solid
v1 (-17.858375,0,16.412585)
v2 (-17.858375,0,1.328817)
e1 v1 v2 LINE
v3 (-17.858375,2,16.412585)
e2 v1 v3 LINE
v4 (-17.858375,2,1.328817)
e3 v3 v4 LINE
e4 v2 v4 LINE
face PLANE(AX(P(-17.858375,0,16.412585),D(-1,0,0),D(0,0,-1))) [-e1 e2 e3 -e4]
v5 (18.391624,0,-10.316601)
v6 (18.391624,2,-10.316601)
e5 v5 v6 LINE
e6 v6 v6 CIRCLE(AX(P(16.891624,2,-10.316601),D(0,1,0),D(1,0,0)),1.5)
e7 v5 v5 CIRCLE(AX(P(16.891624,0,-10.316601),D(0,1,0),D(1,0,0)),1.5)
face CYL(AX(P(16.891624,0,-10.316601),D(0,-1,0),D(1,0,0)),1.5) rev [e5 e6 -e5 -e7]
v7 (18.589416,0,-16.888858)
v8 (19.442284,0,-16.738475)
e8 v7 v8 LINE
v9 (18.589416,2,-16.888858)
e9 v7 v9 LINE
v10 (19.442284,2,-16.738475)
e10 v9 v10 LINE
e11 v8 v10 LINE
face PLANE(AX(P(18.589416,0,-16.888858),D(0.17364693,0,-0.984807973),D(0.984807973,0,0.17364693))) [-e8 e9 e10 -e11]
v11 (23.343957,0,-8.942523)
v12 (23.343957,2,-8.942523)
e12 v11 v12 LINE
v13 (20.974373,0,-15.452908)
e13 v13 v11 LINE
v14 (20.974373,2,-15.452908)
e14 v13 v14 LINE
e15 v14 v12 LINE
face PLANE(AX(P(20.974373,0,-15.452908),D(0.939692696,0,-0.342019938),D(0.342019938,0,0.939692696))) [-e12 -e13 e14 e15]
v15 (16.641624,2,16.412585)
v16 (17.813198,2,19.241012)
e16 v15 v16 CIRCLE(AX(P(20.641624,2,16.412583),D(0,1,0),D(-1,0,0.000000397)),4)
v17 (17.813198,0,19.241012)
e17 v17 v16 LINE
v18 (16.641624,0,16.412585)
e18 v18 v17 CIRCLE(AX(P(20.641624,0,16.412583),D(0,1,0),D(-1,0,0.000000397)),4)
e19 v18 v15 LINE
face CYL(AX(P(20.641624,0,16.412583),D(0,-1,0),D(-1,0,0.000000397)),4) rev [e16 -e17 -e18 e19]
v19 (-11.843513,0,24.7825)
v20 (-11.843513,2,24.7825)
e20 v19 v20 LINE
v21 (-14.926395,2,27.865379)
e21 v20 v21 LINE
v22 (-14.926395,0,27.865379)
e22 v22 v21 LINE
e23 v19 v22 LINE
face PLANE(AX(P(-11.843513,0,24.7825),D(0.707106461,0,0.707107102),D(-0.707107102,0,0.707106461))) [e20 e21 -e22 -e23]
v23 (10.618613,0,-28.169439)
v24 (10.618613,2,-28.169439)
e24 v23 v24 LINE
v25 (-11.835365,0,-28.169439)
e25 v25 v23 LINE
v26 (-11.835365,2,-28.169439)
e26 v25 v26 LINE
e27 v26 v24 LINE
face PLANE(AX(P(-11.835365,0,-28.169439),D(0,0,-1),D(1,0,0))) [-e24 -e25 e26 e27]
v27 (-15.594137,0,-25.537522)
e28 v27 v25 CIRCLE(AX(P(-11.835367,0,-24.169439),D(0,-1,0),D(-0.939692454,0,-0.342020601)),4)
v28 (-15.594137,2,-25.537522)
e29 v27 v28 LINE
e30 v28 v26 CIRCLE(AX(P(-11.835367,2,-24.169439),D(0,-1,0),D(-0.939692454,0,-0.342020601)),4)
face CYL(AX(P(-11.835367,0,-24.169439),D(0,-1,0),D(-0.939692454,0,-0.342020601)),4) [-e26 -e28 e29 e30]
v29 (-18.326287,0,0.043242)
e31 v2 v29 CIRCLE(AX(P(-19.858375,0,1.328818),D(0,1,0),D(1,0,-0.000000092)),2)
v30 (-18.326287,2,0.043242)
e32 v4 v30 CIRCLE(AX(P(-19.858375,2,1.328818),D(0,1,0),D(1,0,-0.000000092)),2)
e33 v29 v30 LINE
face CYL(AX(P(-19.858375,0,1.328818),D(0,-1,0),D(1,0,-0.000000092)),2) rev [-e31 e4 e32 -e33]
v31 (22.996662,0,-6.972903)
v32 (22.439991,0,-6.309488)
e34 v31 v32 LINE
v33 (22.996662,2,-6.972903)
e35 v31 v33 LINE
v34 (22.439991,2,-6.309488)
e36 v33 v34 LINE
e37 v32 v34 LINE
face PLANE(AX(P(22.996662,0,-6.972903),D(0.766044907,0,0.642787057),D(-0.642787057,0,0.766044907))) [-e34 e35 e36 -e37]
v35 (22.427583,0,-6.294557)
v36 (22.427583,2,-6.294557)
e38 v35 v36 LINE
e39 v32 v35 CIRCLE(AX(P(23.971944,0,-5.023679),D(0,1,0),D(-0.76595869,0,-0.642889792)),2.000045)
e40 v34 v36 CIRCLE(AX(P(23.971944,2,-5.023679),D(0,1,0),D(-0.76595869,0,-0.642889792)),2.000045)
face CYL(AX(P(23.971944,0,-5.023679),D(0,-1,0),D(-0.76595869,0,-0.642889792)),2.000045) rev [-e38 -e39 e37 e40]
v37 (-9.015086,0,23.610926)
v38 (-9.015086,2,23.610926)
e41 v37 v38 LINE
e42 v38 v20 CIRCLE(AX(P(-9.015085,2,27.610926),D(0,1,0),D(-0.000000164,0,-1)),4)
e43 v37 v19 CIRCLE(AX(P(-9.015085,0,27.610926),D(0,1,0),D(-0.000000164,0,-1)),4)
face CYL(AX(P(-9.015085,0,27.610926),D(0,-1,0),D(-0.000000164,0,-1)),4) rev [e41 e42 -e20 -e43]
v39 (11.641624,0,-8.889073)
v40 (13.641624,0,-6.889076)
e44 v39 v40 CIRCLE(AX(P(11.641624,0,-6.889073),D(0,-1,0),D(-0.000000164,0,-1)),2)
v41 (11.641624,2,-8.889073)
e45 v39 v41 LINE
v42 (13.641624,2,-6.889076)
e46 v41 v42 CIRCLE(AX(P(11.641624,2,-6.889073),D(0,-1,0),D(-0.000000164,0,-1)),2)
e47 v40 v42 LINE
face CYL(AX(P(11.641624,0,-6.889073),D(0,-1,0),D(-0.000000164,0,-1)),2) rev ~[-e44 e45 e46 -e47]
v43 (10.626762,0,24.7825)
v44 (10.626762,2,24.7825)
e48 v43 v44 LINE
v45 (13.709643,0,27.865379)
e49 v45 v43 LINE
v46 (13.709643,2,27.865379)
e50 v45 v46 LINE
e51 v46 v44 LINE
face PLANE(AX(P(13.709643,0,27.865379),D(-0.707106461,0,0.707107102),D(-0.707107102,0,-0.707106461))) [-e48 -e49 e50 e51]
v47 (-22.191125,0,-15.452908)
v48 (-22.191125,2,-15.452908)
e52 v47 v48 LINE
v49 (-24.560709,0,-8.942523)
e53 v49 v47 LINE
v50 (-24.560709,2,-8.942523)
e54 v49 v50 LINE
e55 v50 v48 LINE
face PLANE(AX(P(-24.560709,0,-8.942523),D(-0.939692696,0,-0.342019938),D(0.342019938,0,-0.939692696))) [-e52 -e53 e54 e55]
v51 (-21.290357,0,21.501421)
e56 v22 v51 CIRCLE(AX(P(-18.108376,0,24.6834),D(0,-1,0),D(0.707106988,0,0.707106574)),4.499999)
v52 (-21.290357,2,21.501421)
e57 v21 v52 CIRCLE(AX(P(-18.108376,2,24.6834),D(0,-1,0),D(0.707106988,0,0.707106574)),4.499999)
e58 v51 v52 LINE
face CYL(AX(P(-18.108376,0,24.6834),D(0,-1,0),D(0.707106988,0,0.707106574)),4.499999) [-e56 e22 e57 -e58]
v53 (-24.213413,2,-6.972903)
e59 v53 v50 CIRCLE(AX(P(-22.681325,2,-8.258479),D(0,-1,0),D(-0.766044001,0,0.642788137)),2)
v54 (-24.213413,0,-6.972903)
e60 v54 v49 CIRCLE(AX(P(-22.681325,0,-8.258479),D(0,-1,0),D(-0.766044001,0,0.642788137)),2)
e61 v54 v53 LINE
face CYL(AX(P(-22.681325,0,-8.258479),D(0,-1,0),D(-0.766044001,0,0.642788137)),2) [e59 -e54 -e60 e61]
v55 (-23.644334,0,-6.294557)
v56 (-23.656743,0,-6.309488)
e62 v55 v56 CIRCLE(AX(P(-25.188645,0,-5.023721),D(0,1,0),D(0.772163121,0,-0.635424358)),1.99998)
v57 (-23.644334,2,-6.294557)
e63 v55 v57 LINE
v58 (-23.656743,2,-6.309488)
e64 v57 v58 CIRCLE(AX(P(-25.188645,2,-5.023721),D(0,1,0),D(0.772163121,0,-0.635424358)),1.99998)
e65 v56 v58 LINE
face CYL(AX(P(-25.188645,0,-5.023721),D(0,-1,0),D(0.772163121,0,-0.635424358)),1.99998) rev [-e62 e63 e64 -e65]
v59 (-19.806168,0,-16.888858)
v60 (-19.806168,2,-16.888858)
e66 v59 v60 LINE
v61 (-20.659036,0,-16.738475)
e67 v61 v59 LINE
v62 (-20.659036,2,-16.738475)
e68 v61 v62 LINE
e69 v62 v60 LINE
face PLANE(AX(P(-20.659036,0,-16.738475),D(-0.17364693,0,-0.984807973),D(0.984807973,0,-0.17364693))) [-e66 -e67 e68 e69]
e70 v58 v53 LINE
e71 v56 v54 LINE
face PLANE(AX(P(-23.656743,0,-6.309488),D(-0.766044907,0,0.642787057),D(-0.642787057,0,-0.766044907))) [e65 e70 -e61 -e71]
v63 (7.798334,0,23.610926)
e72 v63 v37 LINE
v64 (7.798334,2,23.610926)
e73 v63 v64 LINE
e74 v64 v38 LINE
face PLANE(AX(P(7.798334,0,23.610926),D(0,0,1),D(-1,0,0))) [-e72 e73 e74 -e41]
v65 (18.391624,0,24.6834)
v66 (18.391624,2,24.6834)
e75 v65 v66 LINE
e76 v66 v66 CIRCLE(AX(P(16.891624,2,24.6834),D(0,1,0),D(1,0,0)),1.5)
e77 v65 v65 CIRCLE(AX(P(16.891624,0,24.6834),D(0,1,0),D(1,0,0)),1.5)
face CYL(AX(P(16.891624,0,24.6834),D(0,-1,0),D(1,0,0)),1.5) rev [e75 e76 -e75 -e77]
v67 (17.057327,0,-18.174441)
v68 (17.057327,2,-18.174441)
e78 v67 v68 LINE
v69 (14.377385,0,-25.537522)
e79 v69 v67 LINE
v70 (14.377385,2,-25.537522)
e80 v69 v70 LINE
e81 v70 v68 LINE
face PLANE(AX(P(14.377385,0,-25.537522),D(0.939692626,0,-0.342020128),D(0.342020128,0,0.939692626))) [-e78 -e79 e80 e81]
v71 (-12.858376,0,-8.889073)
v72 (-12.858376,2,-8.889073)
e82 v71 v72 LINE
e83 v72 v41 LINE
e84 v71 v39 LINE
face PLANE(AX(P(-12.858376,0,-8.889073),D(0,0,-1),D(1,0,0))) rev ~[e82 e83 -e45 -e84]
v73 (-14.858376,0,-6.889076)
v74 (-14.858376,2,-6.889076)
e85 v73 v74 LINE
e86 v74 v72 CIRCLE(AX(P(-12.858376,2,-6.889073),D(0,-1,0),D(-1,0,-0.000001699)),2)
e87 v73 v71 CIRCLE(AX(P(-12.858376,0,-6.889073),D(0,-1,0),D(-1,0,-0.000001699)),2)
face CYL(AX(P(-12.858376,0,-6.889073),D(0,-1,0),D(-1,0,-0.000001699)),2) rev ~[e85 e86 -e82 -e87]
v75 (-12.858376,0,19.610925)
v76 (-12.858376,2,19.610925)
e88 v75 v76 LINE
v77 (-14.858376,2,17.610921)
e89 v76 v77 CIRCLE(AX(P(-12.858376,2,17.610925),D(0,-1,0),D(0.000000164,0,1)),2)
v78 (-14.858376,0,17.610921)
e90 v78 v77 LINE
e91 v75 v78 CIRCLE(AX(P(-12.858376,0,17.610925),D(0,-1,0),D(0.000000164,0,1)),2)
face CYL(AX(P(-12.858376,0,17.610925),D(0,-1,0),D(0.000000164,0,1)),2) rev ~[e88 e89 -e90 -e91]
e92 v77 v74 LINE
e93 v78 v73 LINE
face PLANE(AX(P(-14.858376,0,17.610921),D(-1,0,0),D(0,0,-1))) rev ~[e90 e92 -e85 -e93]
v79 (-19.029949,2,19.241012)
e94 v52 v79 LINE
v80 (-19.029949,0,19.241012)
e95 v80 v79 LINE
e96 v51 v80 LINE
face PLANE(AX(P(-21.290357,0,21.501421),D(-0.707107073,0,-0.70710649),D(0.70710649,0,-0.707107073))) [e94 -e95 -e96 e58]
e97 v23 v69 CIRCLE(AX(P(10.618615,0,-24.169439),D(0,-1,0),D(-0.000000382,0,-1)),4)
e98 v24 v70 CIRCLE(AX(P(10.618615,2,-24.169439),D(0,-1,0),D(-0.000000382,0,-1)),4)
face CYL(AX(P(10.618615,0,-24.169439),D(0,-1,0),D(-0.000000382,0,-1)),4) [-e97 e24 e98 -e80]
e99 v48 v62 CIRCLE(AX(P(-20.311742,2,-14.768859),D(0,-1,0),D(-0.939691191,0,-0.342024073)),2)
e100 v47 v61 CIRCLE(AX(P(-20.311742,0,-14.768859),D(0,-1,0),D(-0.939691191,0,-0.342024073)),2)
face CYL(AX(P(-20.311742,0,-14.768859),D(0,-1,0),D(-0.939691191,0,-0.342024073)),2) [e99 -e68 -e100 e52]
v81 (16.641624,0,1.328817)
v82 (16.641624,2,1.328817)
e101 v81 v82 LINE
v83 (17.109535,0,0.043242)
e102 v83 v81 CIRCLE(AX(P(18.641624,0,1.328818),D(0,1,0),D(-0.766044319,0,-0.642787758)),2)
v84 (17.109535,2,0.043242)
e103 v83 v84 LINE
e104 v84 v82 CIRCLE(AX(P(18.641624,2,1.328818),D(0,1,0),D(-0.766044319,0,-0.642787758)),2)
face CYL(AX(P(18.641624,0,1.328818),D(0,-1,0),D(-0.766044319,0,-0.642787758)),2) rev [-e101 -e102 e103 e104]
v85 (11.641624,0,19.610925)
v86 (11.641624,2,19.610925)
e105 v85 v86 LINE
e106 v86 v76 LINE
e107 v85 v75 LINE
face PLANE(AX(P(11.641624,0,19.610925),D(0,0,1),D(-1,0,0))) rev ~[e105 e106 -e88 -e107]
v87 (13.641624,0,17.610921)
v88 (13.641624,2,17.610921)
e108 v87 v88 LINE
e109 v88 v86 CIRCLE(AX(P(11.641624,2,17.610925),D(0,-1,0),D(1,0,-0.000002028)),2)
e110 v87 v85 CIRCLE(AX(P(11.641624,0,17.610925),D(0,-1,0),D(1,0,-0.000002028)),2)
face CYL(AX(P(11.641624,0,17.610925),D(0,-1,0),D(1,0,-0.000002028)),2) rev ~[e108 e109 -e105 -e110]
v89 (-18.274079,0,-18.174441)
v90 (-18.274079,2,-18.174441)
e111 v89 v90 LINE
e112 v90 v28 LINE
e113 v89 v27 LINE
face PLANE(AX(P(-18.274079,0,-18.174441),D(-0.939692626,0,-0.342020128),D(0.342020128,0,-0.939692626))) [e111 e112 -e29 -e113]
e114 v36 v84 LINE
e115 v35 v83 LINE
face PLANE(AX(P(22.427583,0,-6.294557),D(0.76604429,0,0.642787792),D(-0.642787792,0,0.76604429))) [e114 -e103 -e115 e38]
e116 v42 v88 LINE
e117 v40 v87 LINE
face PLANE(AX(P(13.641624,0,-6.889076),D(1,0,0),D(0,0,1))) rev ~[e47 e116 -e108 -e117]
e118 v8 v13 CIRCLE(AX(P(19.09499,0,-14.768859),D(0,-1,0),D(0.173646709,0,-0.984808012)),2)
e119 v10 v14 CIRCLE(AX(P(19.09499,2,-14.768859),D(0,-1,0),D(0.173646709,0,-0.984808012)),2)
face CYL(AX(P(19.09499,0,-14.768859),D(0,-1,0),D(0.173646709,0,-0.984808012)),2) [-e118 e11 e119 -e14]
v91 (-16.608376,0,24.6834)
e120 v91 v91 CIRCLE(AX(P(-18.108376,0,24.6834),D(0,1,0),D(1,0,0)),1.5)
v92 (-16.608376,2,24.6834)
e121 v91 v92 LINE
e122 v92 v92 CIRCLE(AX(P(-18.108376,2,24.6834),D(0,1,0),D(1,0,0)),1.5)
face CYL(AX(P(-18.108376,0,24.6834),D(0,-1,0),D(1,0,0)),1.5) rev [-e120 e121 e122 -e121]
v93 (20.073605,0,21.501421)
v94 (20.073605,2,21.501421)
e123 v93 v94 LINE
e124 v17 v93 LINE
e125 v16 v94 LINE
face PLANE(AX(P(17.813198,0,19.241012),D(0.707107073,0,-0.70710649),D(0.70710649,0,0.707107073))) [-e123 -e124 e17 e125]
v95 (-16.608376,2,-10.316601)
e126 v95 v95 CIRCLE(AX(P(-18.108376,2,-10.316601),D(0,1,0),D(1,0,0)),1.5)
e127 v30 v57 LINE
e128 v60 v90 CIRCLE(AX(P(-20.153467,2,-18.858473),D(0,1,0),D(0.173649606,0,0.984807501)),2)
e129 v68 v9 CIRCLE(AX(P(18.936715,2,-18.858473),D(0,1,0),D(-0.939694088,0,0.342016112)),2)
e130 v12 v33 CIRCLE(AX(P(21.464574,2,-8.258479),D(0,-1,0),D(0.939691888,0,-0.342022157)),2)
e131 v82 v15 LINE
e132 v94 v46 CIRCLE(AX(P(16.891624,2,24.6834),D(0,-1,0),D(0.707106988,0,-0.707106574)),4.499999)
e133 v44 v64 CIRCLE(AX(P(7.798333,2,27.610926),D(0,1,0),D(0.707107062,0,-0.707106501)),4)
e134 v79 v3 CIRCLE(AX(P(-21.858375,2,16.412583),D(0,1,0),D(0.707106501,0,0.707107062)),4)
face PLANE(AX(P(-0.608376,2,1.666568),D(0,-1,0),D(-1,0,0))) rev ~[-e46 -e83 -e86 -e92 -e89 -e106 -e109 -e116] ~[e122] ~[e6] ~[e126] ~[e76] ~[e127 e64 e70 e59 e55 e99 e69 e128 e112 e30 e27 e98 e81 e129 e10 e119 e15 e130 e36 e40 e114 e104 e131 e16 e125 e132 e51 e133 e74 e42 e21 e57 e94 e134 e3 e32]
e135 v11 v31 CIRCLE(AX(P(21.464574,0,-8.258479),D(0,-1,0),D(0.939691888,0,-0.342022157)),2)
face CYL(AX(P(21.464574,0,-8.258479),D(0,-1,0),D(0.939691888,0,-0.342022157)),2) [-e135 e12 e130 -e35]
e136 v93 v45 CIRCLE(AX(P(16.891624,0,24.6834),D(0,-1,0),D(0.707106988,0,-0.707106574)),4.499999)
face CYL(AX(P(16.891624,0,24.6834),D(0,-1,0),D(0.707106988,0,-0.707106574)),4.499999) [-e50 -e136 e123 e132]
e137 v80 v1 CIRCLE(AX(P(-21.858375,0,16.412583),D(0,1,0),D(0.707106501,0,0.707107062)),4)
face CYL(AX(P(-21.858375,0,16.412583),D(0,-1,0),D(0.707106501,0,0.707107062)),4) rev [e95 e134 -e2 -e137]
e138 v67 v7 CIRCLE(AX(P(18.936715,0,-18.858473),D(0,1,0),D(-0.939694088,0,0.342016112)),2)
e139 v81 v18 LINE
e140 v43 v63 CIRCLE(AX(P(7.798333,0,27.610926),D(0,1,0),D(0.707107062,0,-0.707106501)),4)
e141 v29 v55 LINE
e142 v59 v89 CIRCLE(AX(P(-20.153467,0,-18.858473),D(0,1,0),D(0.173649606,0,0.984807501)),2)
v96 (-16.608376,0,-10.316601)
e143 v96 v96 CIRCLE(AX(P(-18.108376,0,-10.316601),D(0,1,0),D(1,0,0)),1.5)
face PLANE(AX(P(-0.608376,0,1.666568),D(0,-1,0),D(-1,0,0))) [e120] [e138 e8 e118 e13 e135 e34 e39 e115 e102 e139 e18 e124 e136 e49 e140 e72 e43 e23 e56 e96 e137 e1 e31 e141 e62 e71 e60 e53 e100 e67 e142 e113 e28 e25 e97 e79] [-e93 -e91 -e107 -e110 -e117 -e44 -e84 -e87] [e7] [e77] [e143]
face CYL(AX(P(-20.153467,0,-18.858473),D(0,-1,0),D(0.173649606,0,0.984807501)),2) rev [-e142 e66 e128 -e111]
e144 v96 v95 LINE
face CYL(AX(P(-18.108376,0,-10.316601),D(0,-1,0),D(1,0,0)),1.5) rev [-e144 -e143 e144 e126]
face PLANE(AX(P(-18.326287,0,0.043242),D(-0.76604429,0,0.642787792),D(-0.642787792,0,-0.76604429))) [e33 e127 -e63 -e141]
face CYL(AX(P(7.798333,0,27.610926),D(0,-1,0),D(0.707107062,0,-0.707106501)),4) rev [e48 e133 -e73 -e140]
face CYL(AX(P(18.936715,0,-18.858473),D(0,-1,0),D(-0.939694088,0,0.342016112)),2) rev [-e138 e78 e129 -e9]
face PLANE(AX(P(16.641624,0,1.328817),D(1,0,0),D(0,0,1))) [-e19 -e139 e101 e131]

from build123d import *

# Parameters (mm, degrees)
SKETCH1_R           = 1.5
SKETCH1_R_2         = 1.500000075
SKETCH1_R_3         = 1.499999926
BOSS_EXTRUDE1_DEPTH = 2


with BuildPart() as part:
    # Sketch1 → Boss-Extrude1 (new body)
    with BuildSketch(Plane(origin=(0, 0, 0), x_dir=(1, 0, 0), z_dir=(0, 1, 0))):
        with BuildLine():
            Line((16.641623692, -1.328817394), (16.641623692, -16.412584868))
            ThreePointArc((16.641623692, -16.412584868), (16.946106169, -17.943318476), (17.813197688, -19.241011527))
            Line((17.813197688, -19.241011527), (20.073605121, -21.501420823))
            ThreePointArc((20.073605121, -21.501420823), (20.073603258, -27.865380806), (13.709643275, -27.865378943))
            Line((13.709643275, -27.865378943), (10.626761594, -24.782500056))
            ThreePointArc((10.626761594, -24.782500056), (9.329068113, -23.915408358), (7.798334003, -23.610926059))
            Line((7.798334003, -23.610926059), (-9.015085756, -23.610926059))
            ThreePointArc((-9.015085756, -23.610926059), (-10.545819865, -23.915408358), (-11.843513346, -24.782500056))
            Line((-11.843513346, -24.782500056), (-14.926395028, -27.865378943))
            ThreePointArc((-14.926395028, -27.865378943), (-21.290355011, -27.865380806), (-21.290356874, -21.501420823))
            Line((-21.290356874, -21.501420823), (-19.029949441, -19.241011527))
            ThreePointArc((-19.029949441, -19.241011527), (-18.162857921, -17.943318476), (-17.858375444, -16.412584868))
            Line((-17.858375444, -16.412584868), (-17.858375444, -1.328817394))
            ThreePointArc((-17.858375444, -1.328817394), (-17.9789903, -0.644777024), (-18.326286807, -0.043242064))
            Line((-18.326286807, -0.043242064), (-23.644334286, 6.294557068))
            ThreePointArc((-23.644334286, 6.294557068), (-23.650520639, 6.302037606), (-23.656743228, 6.309488031))
            Line((-23.656743228, 6.309488031), (-24.213413357, 6.972902629))
            ThreePointArc((-24.213413357, 6.972902629), (-24.650941114, 7.911183978), (-24.560709133, 8.942523214))
            Line((-24.560709133, 8.942523214), (-22.191124617, 15.452907595))
            ThreePointArc((-22.191124617, 15.452907595), (-21.597313109, 16.300951983), (-20.659035652, 16.738475475))
            Line((-20.659035652, 16.738475475), (-19.806167691, 16.888857993))
            ThreePointArc((-19.806167691, 16.888857993), (-18.867887285, 17.3263878), (-18.274078726, 18.174440774))
            Line((-18.274078726, 18.174440774), (-15.59413655, 25.537521753))
            ThreePointArc((-15.59413655, 25.537521753), (-14.129671055, 27.446048523), (-11.835365205, 28.169439348))
            Line((-11.835365205, 28.169439348), (10.618613453, 28.169439348))
            ThreePointArc((10.618613453, 28.169439348), (12.912919302, 27.446048523), (14.377384798, 25.537521753))
            Line((14.377384798, 25.537521753), (17.057326973, 18.174440774))
            ThreePointArc((17.057326973, 18.174440774), (17.651135533, 17.3263878), (18.589415939, 16.888857993))
            Line((18.589415939, 16.888857993), (19.4422839, 16.738475475))
            ThreePointArc((19.4422839, 16.738475475), (20.380561357, 16.300951983), (20.974372865, 15.452907595))
            Line((20.974372865, 15.452907595), (23.34395738, 8.942523214))
            ThreePointArc((23.34395738, 8.942523214), (23.434189362, 7.911183978), (22.996661604, 6.972902629))
            Line((22.996661604, 6.972902629), (22.439991475, 6.309488031))
            ThreePointArc((22.439991475, 6.309488031), (22.433768887, 6.302037606), (22.427582533, 6.294557068))
            Line((22.427582533, 6.294557068), (17.109535054, -0.043242064))
            ThreePointArc((17.109535054, -0.043242064), (16.762238548, -0.644777024), (16.641623692, -1.328817394))
        make_face()
        with Locations((-18.108375876, 10.316600984)):
            Circle(SKETCH1_R, mode=Mode.SUBTRACT)
        with Locations((-18.108375951, -24.683399883)):
            Circle(SKETCH1_R_2, mode=Mode.SUBTRACT)
        with Locations((16.891624198, -24.683399883)):
            Circle(SKETCH1_R_3, mode=Mode.SUBTRACT)
        with Locations((16.891624124, 10.316600984)):
            Circle(SKETCH1_R, mode=Mode.SUBTRACT)
        with BuildLine():
            Line((-14.858375884, -17.61092135), (-14.858375884, 6.889076146))
            ThreePointArc((-14.858375884, 6.889076146), (-14.272588129, 8.303287628), (-12.858375556, 8.889072749))
            Line((-12.858375556, 8.889072749), (11.641623803, 8.889072749))
            ThreePointArc((11.641623803, 8.889072749), (13.055836377, 8.303287628), (13.641624131, 6.889076146))
            Line((13.641624131, 6.889076146), (13.641624131, -17.61092135))
            ThreePointArc((13.641624131, -17.61092135), (13.055839011, -19.025137649), (11.641623803, -19.610925403))
            Line((11.641623803, -19.610925403), (-12.858375556, -19.610925403))
            ThreePointArc((-12.858375556, -19.610925403), (-14.272590763, -19.025137649), (-14.858375884, -17.61092135))
        make_face(mode=Mode.SUBTRACT)
    extrude(amount=BOSS_EXTRUDE1_DEPTH)


solid = part.part
